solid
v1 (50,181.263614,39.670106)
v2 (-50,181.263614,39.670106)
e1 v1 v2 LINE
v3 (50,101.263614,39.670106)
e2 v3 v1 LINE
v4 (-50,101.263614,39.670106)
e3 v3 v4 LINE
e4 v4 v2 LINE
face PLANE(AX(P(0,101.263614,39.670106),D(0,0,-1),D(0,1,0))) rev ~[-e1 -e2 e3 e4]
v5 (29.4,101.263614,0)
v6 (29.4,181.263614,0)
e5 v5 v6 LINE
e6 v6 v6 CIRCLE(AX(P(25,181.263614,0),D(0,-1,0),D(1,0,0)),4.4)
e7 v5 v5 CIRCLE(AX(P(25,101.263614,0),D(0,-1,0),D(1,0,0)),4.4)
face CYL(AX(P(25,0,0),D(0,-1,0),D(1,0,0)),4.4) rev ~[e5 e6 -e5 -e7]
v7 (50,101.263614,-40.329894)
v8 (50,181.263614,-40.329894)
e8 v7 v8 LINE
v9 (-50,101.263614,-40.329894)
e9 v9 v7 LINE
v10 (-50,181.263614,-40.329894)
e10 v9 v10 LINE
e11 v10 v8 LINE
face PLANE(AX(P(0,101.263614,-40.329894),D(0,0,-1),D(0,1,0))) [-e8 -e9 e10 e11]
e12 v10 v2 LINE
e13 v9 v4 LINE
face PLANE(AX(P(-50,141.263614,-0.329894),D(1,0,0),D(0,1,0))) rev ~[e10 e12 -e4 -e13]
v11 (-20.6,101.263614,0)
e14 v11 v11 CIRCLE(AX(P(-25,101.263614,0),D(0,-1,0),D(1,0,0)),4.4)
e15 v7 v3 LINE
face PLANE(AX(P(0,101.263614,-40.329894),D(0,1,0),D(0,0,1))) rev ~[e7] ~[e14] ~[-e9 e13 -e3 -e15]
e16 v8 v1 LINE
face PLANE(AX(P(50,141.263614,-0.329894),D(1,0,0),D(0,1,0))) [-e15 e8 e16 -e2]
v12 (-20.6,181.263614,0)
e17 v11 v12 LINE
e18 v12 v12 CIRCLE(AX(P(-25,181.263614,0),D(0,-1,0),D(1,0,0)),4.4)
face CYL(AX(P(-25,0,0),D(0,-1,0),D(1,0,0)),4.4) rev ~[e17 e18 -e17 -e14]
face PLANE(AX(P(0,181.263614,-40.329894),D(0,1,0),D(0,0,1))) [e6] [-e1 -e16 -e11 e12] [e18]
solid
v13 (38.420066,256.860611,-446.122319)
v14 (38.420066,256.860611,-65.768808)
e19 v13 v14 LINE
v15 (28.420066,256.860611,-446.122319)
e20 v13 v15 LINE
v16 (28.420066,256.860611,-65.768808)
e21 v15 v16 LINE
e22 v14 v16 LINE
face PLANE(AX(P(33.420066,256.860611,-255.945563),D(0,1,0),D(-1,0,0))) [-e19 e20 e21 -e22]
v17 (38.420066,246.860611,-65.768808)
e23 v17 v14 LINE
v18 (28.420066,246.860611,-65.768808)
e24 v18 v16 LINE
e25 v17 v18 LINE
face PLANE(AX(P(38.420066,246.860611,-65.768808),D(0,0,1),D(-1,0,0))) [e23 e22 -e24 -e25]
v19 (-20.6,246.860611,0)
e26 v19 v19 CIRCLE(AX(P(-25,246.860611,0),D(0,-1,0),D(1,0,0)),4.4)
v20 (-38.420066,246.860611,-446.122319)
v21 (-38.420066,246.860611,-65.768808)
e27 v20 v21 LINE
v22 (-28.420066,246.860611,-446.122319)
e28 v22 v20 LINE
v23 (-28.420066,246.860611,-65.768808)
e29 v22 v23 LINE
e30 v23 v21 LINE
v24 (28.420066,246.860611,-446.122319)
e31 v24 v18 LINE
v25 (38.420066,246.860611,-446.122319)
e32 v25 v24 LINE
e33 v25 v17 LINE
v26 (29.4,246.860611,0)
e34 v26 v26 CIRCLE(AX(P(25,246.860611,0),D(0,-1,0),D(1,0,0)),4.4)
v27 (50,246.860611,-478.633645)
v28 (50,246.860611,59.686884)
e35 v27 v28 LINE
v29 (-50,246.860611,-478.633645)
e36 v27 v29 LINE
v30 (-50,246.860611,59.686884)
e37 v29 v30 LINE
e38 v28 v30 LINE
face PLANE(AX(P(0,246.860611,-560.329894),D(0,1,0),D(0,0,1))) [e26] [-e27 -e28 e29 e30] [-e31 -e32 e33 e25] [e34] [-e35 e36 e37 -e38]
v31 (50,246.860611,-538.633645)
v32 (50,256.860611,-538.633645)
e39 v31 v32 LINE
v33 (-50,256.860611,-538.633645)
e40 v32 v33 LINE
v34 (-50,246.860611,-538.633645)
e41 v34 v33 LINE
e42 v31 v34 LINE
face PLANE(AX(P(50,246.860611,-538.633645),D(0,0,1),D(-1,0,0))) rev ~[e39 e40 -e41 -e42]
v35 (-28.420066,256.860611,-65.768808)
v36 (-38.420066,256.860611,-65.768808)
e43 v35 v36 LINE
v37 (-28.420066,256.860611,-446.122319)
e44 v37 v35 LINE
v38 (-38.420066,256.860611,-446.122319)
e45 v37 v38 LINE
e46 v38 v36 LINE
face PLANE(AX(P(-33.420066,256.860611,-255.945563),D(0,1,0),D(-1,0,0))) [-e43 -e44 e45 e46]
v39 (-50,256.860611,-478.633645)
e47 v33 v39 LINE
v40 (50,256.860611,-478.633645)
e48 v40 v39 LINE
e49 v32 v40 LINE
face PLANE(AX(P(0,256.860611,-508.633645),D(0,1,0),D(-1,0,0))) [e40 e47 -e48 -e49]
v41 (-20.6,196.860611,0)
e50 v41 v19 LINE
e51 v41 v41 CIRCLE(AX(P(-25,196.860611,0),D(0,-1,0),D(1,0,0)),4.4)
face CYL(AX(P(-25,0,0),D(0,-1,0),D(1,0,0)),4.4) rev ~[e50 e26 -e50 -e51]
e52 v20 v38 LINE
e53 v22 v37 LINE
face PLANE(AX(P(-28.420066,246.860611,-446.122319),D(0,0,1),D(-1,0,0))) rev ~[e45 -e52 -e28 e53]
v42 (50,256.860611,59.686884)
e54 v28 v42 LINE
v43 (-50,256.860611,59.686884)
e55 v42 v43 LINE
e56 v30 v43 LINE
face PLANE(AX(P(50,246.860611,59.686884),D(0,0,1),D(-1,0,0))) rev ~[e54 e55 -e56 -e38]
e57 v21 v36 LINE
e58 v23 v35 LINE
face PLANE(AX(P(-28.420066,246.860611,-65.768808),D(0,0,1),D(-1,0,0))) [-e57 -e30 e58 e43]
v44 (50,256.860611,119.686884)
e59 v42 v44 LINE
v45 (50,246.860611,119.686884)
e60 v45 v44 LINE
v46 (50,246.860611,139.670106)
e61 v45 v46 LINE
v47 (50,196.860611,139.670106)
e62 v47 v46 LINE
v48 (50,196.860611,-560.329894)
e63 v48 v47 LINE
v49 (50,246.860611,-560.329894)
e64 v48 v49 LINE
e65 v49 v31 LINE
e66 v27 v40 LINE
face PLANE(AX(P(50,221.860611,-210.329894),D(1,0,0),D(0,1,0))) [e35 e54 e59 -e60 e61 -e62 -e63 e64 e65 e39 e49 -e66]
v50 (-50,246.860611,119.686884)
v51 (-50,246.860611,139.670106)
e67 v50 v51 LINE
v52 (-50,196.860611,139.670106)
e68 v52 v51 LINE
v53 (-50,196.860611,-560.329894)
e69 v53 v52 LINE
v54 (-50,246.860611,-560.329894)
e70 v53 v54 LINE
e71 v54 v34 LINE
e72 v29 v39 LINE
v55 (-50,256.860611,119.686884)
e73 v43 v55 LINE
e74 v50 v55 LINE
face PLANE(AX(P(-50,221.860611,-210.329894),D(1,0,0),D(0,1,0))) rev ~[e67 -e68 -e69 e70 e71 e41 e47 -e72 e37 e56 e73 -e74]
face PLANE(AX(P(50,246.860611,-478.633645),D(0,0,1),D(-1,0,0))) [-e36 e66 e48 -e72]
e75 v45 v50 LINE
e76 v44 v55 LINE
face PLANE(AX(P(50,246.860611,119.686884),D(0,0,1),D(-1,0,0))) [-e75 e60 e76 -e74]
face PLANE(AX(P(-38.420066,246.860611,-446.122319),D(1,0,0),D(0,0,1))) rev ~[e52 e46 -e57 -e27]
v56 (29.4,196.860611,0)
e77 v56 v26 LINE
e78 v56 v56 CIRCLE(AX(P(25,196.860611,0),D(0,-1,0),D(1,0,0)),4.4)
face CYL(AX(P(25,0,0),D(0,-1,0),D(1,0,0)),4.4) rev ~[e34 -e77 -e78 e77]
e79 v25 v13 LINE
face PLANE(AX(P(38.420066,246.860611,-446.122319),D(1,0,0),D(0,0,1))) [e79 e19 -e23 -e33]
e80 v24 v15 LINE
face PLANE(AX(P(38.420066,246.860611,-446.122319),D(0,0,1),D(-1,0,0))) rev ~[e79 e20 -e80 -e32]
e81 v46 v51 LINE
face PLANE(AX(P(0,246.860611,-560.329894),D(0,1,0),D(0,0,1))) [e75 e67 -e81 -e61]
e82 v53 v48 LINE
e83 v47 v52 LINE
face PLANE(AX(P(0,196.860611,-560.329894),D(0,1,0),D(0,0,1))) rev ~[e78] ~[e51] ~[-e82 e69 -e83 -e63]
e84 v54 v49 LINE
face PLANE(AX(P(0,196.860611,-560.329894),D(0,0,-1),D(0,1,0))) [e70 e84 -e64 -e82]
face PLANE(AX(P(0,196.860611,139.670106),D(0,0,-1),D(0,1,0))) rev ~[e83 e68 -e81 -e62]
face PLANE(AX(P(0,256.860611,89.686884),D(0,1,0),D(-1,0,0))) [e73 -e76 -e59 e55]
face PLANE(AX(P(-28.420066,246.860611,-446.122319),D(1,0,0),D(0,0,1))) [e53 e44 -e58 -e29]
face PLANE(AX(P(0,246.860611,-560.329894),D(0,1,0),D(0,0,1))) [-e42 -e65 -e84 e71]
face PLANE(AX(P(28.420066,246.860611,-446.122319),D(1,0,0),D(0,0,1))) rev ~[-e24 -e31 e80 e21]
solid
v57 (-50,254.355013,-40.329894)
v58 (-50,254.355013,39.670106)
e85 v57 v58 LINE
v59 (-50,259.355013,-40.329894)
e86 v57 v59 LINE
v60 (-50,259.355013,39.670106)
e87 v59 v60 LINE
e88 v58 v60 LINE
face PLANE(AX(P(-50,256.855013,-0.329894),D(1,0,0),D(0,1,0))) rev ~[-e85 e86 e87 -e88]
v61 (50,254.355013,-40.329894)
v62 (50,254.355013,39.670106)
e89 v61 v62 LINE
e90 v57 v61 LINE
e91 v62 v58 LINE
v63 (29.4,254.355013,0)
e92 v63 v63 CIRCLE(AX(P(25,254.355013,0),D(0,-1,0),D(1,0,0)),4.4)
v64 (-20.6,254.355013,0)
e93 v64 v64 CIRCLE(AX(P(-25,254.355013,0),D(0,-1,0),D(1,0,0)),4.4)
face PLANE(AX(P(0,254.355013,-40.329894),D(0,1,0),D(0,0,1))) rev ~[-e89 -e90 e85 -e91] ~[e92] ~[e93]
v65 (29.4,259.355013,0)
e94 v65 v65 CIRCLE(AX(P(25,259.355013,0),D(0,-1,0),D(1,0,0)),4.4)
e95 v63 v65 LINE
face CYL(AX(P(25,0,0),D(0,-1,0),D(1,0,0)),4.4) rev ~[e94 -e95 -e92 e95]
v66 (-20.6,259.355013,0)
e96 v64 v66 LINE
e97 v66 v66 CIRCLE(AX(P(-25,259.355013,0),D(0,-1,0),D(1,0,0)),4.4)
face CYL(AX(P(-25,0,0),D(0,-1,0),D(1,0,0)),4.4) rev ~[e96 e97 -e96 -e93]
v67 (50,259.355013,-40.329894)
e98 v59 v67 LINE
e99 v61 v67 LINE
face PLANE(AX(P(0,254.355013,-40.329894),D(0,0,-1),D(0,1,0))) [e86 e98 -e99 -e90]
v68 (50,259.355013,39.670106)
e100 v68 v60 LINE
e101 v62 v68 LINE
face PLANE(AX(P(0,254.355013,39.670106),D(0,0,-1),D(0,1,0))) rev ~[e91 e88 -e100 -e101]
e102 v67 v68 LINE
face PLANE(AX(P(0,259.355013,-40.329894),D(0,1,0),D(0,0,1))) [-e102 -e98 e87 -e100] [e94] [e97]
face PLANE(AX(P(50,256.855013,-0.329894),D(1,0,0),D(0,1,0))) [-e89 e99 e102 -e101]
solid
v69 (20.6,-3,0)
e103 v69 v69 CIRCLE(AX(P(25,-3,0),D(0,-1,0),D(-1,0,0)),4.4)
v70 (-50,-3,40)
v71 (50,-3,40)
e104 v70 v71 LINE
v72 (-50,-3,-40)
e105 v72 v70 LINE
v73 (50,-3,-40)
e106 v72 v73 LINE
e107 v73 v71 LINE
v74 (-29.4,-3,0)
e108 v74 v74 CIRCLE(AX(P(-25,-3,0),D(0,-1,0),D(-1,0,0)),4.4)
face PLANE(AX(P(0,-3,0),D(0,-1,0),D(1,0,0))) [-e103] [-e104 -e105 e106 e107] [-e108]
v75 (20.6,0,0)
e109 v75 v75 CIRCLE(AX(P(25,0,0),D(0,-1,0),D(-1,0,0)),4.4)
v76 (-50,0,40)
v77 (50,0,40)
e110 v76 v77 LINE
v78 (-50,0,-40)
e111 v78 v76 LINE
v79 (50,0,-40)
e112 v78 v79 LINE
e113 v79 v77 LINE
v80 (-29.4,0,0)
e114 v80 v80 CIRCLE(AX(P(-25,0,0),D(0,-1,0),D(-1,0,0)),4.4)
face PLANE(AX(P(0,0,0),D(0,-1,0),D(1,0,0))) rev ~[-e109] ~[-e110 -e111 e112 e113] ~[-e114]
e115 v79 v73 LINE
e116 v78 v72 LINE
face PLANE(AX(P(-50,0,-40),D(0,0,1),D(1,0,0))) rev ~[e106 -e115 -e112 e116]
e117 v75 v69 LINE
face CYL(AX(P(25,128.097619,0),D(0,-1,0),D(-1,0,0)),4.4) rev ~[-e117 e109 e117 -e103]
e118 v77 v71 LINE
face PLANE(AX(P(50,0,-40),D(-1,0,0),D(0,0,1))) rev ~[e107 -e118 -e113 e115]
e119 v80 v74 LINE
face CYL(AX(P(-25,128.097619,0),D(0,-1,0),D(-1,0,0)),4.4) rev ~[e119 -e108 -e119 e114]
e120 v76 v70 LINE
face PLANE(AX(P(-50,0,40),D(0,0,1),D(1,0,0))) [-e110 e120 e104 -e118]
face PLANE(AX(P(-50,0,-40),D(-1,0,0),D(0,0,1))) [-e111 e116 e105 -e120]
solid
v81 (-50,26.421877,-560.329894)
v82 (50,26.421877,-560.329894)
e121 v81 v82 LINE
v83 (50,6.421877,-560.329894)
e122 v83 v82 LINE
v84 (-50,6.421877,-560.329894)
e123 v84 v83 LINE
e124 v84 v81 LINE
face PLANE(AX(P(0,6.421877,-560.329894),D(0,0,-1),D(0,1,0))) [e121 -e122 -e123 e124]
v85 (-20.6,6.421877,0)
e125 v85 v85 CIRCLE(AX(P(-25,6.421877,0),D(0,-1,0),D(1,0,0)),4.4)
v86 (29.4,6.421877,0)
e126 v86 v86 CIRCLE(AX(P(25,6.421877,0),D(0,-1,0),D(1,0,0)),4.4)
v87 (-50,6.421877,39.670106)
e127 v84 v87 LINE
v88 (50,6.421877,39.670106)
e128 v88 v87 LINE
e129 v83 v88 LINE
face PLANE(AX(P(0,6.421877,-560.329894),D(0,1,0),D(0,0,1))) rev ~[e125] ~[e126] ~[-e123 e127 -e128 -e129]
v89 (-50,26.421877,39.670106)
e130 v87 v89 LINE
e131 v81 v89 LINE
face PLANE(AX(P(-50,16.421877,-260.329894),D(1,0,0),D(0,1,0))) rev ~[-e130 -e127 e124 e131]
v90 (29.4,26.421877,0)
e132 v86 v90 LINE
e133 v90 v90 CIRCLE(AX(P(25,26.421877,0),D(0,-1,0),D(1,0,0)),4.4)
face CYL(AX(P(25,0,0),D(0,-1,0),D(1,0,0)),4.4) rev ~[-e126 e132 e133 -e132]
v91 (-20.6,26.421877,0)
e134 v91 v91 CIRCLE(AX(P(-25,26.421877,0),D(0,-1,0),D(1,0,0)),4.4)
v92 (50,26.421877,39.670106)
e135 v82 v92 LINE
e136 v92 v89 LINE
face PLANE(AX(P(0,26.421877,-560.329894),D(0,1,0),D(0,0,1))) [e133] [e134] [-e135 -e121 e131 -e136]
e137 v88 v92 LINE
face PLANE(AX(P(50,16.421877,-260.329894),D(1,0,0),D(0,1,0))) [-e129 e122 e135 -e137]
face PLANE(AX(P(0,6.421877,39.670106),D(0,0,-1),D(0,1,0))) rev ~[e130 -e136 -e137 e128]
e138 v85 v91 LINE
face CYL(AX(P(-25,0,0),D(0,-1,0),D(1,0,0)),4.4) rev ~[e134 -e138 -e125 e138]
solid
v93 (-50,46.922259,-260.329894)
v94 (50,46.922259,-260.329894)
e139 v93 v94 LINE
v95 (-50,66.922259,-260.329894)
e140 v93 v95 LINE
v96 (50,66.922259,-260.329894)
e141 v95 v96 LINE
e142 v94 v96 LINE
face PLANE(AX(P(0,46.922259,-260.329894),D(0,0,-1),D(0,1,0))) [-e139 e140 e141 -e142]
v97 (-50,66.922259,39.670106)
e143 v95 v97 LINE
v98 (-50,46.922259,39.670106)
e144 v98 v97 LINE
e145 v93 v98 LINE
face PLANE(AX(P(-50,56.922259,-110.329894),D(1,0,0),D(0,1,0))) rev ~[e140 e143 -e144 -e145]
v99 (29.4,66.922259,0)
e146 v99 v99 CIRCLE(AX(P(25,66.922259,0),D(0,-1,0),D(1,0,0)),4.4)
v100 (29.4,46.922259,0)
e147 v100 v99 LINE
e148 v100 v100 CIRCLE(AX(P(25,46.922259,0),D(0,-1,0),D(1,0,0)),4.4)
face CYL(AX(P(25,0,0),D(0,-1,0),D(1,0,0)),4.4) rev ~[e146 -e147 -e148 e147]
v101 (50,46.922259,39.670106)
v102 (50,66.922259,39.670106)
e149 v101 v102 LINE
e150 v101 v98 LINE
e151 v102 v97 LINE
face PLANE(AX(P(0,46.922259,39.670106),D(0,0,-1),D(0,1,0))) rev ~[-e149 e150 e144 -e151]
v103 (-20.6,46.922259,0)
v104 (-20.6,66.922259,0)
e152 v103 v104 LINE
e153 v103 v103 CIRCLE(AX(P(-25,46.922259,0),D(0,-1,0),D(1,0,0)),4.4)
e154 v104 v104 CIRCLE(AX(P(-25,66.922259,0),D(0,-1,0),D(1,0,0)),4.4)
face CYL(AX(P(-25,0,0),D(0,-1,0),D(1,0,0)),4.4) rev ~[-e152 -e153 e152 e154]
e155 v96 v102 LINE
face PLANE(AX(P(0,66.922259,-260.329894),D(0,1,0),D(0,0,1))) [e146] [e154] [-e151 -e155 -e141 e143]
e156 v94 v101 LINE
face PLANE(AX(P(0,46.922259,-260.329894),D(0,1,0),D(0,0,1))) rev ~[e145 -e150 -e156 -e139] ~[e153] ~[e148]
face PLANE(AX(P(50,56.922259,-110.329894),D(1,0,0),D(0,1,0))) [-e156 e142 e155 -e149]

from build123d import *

# Parameters (mm, degrees)
F0_W       = 100
F0_H       = 80
F1_DEPTH   = 3
F2_W       = 20
F2_H       = 600
F3_DEPTH   = 50
F2_W_2     = 80
F2_H_2     = 80
F2_W_3     = 50
F2_H_3     = 700
F2_W_4     = 5
F2_H_4     = 300
F4_D       = 8.8
F4_DEPTH   = 259.3560133705
F4_2_D     = 8.8
F4_2_DEPTH = 259.3560133705
F4_3_D     = 8.8
F4_3_DEPTH = 259.3560133705
F4_4_D     = 8.8
F4_4_DEPTH = 259.3560133705
F4_5_D     = 8.8
F4_5_DEPTH = 259.3560133705
F5_D       = 8.8
F6_W       = 10
F6_H       = 380.3535103798
F6_W_2     = 100
F6_H_2     = 60
F7_DEPTH   = 10


with BuildPart() as f1:
    # F0 (on Front) → F1 (new body)
    with BuildSketch(Plane.XZ):
        Rectangle(F0_W, F0_H)
    extrude(amount=F1_DEPTH)

    # F5 (through all)
    with Locations(Plane(origin=(0, 0, 0), x_dir=(1, 0, 0), z_dir=(0, 1, 0))):
        with Locations((-25, 0), (25, 0)):
            Hole(F5_D / 2)


with BuildPart() as f3:
    # F2 (on Right) → F3 (new body, symmetric)
    with BuildSketch(Plane.YZ):
        with Locations((16.4218770899, -260.329894186)):
            Rectangle(F2_W, F2_H)
    extrude(amount=F3_DEPTH, both=True)

    # F4 (through all, one way)
    with BuildSketch(Plane.XZ):
        with Locations((-25, 0), (25, 0)):
            Circle(F4_D / 2)
    extrude(amount=-F4_DEPTH, mode=Mode.SUBTRACT)


with BuildPart() as f3b:
    # F2 (on Right) → F3, piece 2 (new body, symmetric)
    with BuildSketch(Plane.YZ):
        with Locations((141.2636143714, -0.329894186)):
            Rectangle(F2_W_2, F2_H_2)
    extrude(amount=F3_DEPTH, both=True)

    # F4#2 (through all, one way)
    with BuildSketch(Plane.XZ):
        with Locations((-25, 0), (25, 0)):
            Circle(F4_2_D / 2)
    extrude(amount=-F4_2_DEPTH, mode=Mode.SUBTRACT)


with BuildPart() as f3c:
    # F2 (on Right) → F3, piece 3 (new body, symmetric)
    with BuildSketch(Plane.YZ):
        with Locations((221.8606114388, -210.329894186)):
            Rectangle(F2_W_3, F2_H_3)
    extrude(amount=F3_DEPTH, both=True)

    # F4#3 (through all, one way)
    with BuildSketch(Plane.XZ):
        with Locations((-25, 0), (25, 0)):
            Circle(F4_3_D / 2)
    extrude(amount=-F4_3_DEPTH, mode=Mode.SUBTRACT)

    # F6 (on face) → F7 (join)
    with BuildSketch(Plane(origin=(0, 246.8606114388, 0), x_dir=(-1, 0, 0), z_dir=(0, 1, 0))):
        with Locations((33.4200662374, -255.9455633163)):
            Rectangle(F6_W, F6_H)
        with Locations((-33.4200662374, -255.9455633163)):
            Rectangle(F6_W, F6_H)
        with Locations((0, 89.686884284)):
            Rectangle(F6_W_2, F6_H_2)
        with Locations((0, -508.6336445808)):
            Rectangle(F6_W_2, F6_H_2)
    extrude(amount=F7_DEPTH)


with BuildPart() as f3d:
    # F2 (on Right) → F3, piece 4 (new body, symmetric)
    with BuildSketch(Plane.YZ):
        with Locations((256.8550133705, -0.329894186)):
            Rectangle(F2_W_4, F2_H_2)
    extrude(amount=F3_DEPTH, both=True)

    # F4#4 (through all, one way)
    with BuildSketch(Plane.XZ):
        with Locations((-25, 0), (25, 0)):
            Circle(F4_4_D / 2)
    extrude(amount=-F4_4_DEPTH, mode=Mode.SUBTRACT)


with BuildPart() as f3e:
    # F2 (on Right) → F3, piece 5 (new body, symmetric)
    with BuildSketch(Plane.YZ):
        with Locations((56.9222590327, -110.329894186)):
            Rectangle(F2_W, F2_H_4)
    extrude(amount=F3_DEPTH, both=True)

    # F4#5 (through all, one way)
    with BuildSketch(Plane.XZ):
        with Locations((-25, 0), (25, 0)):
            Circle(F4_5_D / 2)
    extrude(amount=-F4_5_DEPTH, mode=Mode.SUBTRACT)


solid = Compound([f1.part, f3.part, f3b.part, f3c.part, f3d.part, f3e.part])
